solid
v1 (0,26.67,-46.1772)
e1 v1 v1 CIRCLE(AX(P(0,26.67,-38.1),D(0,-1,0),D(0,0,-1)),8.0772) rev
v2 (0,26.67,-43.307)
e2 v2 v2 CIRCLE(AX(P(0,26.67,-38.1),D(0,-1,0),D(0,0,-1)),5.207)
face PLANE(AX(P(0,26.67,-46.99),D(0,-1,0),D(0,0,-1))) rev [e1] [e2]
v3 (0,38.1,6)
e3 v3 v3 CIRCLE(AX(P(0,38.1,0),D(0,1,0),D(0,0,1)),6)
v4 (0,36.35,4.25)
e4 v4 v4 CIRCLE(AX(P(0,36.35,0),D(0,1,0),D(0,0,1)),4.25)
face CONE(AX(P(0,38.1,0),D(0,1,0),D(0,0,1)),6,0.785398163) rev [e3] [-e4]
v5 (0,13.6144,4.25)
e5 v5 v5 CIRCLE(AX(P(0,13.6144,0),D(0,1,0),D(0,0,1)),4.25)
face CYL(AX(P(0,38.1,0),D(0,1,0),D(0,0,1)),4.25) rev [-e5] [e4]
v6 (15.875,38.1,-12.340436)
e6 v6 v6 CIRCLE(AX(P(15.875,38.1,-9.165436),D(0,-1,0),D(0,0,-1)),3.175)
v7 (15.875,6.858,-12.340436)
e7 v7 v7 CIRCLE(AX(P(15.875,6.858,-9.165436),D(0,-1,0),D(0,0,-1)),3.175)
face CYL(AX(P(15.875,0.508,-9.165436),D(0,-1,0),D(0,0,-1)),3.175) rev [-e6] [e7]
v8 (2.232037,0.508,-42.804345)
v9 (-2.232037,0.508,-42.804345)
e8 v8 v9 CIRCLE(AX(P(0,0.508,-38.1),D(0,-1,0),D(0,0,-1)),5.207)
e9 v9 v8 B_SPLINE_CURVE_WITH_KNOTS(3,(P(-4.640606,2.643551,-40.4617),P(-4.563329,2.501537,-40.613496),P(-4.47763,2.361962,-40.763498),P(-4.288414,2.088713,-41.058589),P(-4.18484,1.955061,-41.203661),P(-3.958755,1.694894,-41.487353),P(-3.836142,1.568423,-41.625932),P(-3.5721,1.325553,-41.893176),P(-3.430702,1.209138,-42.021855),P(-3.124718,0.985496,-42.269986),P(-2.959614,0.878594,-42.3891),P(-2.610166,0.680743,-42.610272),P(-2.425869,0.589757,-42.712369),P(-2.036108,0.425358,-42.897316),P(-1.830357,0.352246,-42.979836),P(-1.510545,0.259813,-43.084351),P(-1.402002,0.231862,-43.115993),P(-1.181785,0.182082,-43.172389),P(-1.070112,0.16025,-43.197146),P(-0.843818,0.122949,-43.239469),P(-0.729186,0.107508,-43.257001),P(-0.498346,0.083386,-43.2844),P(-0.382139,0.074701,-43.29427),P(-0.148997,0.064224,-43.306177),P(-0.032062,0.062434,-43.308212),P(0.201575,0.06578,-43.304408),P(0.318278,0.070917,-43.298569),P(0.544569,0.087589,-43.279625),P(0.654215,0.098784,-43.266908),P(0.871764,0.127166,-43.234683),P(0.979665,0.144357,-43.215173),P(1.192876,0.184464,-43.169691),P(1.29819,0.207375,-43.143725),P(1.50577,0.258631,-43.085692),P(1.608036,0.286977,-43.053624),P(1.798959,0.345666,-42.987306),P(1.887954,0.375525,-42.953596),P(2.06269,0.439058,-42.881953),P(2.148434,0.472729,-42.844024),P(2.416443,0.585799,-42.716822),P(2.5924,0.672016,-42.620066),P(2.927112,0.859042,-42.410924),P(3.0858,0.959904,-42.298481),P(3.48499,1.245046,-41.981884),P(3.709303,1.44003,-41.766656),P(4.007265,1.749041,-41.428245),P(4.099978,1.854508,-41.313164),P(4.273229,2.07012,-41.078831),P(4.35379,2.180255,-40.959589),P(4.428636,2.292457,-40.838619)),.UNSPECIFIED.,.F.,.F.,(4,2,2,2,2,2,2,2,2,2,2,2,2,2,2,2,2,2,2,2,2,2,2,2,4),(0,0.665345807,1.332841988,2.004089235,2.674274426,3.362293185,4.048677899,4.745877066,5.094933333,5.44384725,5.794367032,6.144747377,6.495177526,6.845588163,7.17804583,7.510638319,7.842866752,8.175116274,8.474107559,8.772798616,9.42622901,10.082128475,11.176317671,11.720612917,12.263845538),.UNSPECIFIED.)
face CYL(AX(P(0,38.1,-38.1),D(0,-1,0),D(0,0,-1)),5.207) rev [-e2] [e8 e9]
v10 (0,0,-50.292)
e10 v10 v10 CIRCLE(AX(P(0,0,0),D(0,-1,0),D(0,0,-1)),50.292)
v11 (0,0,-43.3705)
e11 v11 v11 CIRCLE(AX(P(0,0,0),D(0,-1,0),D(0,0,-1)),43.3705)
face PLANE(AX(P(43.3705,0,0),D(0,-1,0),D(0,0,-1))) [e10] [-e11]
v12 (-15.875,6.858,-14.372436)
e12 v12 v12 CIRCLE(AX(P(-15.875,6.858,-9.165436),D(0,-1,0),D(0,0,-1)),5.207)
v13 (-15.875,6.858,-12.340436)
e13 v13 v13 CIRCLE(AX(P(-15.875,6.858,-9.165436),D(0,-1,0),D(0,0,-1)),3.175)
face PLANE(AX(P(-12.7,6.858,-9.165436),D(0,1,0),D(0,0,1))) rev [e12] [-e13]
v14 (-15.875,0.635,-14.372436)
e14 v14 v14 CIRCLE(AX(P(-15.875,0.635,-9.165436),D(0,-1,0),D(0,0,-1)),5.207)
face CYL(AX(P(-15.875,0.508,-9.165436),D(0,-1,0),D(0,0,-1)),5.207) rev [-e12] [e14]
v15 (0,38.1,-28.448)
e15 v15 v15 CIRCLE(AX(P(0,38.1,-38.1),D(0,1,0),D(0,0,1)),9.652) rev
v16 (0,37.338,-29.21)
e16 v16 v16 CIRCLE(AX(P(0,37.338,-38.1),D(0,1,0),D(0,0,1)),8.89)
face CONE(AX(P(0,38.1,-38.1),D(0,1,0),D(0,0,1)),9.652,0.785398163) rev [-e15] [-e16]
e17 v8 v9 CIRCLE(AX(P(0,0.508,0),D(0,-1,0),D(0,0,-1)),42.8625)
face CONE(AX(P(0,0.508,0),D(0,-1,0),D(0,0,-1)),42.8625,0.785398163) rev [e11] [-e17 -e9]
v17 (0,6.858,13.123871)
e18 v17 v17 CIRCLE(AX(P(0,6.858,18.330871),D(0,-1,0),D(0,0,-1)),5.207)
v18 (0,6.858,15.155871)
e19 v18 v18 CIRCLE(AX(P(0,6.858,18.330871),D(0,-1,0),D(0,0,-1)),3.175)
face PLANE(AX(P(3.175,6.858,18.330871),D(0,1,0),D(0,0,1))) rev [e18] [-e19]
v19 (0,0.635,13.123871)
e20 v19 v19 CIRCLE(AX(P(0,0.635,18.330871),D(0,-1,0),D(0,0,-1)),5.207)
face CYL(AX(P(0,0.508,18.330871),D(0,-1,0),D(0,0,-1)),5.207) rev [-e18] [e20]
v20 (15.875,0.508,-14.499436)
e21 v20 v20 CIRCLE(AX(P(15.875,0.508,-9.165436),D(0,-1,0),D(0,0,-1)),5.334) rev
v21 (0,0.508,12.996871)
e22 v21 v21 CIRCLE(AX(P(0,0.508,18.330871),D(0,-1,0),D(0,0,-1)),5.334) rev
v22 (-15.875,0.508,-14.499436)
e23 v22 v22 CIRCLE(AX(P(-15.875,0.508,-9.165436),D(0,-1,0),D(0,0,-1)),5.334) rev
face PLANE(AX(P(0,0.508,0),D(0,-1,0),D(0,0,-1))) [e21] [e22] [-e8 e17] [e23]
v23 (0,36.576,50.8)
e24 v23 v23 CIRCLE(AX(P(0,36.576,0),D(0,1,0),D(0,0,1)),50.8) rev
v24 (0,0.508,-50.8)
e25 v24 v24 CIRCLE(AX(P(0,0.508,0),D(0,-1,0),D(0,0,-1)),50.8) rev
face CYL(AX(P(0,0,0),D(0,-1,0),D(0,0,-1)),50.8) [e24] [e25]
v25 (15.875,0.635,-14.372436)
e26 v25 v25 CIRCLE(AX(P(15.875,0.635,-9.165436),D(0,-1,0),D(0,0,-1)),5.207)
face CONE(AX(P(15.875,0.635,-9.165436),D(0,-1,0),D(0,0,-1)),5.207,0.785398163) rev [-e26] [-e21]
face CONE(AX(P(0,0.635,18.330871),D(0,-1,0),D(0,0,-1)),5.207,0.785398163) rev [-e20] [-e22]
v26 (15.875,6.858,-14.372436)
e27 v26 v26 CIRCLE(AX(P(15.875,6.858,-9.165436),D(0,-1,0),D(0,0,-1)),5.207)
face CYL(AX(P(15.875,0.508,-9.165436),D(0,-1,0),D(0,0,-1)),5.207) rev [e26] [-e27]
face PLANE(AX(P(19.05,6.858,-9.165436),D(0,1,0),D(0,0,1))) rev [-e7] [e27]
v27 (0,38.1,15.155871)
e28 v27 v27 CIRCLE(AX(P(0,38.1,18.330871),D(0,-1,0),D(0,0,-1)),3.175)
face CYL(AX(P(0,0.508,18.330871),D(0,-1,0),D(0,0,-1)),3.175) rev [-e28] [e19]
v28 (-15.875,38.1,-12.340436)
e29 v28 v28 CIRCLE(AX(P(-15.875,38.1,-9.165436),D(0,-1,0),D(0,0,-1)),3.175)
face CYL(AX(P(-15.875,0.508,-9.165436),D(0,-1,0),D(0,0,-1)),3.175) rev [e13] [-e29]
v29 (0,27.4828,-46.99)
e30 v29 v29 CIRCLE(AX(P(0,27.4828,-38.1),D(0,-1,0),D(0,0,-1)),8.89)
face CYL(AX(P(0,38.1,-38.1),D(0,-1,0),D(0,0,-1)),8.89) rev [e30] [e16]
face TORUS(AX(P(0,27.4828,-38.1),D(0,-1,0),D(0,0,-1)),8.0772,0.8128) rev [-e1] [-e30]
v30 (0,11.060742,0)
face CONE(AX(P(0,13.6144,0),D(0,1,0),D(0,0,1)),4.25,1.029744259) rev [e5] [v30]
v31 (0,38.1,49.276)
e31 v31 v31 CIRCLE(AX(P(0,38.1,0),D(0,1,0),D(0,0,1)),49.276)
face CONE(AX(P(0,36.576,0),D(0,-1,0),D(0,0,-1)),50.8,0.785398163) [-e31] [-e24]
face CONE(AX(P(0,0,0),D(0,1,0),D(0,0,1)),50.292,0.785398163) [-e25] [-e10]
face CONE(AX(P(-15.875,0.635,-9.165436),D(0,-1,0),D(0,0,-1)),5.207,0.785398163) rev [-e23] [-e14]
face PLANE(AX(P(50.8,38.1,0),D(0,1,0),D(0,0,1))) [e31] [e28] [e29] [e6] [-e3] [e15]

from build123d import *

# Parameters (mm, degrees)
M10X1_5_TAPPED_HOLE1_D           = 8.5
M10X1_5_TAPPED_HOLE1_DEPTH       = 24.4856
M10X1_5_TAPPED_HOLE1_CSINK_D     = 12
M10X1_5_TAPPED_HOLE1_CSINK_ANGLE = 90
M10X1_5_TAPPED_HOLE1_TIP         = 2.553657631
HOLE1_D                          = 6.35
HOLE1_DEPTH                      = 37.592
HOLE1_CBORE_D                    = 10.414
HOLE1_CBORE_DEPTH                = 6.35
HOLE1_TIP                        = 1.907732465
CHAMFER1_SIZE                    = 1.524
CHAMFER2_SIZE                    = 0.762
CHAMFER3_SIZE                    = 0.508
CHAMFER4_SIZE                    = 0.127
FILLET1_R                        = 0.8128


with BuildPart() as part:
    # Sketch1 → Revolve1 (revolve)
    with BuildSketch(Plane.XY, mode=Mode.PRIVATE) as revolve1_sk:
        Polygon((0, 0.508), (42.8625, 0.508), (43.3705, 0), (50.8, 0), (50.8, 38.1), (0, 38.1), align=None)
    revolve(revolve1_sk.sketch.rotate(Axis((0, 0, 0), (0, 1, 0)), 90), axis=Axis((0, 0, 0), (0, 1, 0)))  # turned: the seam where the file's is

    # Sketch2 → Cut-Revolve1 (revolve, cut)
    with BuildSketch(Plane(origin=(0, 0, 0), x_dir=(0, 0, -1), z_dir=(1, 0, 0))):
        Polygon((38.1, 38.1), (46.99, 38.1), (46.99, 26.67), (43.307, 26.67), (43.307, 0), (38.1, 0), align=None)
    revolve(axis=Axis((0, 38.1, -38.1), (0, 1, 0)), mode=Mode.SUBTRACT)

    # M10x1.5 Tapped Hole1
    with Locations(Plane(origin=(0, 38.1, 0), x_dir=(-1, 0, 0), z_dir=(0, 1, 0))):
        with Locations((0, 0)):
            CounterSinkHole(M10X1_5_TAPPED_HOLE1_D / 2, M10X1_5_TAPPED_HOLE1_CSINK_D / 2, depth=M10X1_5_TAPPED_HOLE1_DEPTH, counter_sink_angle=M10X1_5_TAPPED_HOLE1_CSINK_ANGLE)
            with Locations((0, 0, -(M10X1_5_TAPPED_HOLE1_DEPTH + M10X1_5_TAPPED_HOLE1_TIP / 2))):  # 118° drill point
                Cone(0, M10X1_5_TAPPED_HOLE1_D / 2, M10X1_5_TAPPED_HOLE1_TIP, mode=Mode.SUBTRACT)

    # Hole1
    with Locations(Plane.XZ.offset(-0.508)):
        with Locations((0, 18.330871047), (15.875, -9.165435523), (-15.875, -9.165435523)):
            CounterBoreHole(HOLE1_D / 2, HOLE1_CBORE_D / 2, HOLE1_CBORE_DEPTH, depth=HOLE1_DEPTH)
            with Locations((0, 0, -(HOLE1_DEPTH + HOLE1_TIP / 2))):  # 118° drill point
                Cone(0, HOLE1_D / 2, HOLE1_TIP, mode=Mode.SUBTRACT)

    # Chamfer1
    chamfer1_edges = [part.edges().sort_by_distance(p)[0] for p in [
        (0, 38.1, 50.8),
    ]]
    chamfer(chamfer1_edges, length=CHAMFER1_SIZE)

    # Chamfer2
    chamfer2_edges = [part.edges().sort_by_distance(p)[0] for p in [
        (0, 38.1, -29.21),
    ]]
    chamfer(chamfer2_edges, length=CHAMFER2_SIZE)

    # Chamfer3
    chamfer3_edges = [part.edges().sort_by_distance(p)[0] for p in [
        (0, 0, 50.8),
    ]]
    chamfer(chamfer3_edges, length=CHAMFER3_SIZE)

    # Chamfer4
    chamfer4_edges = [part.edges().sort_by_distance(p)[0] for p in [
        (-21.082, 0.508, -9.165435523),
        (10.668, 0.508, -9.165435523),
        (-5.207, 0.508, 18.330871047),
    ]]
    chamfer(chamfer4_edges, length=CHAMFER4_SIZE)

    # Fillet1
    fillet1_edges = [part.edges().sort_by_distance(p)[0] for p in [
        (0, 26.67, -29.21),
    ]]
    fillet(fillet1_edges, radius=FILLET1_R)


solid = part.part
